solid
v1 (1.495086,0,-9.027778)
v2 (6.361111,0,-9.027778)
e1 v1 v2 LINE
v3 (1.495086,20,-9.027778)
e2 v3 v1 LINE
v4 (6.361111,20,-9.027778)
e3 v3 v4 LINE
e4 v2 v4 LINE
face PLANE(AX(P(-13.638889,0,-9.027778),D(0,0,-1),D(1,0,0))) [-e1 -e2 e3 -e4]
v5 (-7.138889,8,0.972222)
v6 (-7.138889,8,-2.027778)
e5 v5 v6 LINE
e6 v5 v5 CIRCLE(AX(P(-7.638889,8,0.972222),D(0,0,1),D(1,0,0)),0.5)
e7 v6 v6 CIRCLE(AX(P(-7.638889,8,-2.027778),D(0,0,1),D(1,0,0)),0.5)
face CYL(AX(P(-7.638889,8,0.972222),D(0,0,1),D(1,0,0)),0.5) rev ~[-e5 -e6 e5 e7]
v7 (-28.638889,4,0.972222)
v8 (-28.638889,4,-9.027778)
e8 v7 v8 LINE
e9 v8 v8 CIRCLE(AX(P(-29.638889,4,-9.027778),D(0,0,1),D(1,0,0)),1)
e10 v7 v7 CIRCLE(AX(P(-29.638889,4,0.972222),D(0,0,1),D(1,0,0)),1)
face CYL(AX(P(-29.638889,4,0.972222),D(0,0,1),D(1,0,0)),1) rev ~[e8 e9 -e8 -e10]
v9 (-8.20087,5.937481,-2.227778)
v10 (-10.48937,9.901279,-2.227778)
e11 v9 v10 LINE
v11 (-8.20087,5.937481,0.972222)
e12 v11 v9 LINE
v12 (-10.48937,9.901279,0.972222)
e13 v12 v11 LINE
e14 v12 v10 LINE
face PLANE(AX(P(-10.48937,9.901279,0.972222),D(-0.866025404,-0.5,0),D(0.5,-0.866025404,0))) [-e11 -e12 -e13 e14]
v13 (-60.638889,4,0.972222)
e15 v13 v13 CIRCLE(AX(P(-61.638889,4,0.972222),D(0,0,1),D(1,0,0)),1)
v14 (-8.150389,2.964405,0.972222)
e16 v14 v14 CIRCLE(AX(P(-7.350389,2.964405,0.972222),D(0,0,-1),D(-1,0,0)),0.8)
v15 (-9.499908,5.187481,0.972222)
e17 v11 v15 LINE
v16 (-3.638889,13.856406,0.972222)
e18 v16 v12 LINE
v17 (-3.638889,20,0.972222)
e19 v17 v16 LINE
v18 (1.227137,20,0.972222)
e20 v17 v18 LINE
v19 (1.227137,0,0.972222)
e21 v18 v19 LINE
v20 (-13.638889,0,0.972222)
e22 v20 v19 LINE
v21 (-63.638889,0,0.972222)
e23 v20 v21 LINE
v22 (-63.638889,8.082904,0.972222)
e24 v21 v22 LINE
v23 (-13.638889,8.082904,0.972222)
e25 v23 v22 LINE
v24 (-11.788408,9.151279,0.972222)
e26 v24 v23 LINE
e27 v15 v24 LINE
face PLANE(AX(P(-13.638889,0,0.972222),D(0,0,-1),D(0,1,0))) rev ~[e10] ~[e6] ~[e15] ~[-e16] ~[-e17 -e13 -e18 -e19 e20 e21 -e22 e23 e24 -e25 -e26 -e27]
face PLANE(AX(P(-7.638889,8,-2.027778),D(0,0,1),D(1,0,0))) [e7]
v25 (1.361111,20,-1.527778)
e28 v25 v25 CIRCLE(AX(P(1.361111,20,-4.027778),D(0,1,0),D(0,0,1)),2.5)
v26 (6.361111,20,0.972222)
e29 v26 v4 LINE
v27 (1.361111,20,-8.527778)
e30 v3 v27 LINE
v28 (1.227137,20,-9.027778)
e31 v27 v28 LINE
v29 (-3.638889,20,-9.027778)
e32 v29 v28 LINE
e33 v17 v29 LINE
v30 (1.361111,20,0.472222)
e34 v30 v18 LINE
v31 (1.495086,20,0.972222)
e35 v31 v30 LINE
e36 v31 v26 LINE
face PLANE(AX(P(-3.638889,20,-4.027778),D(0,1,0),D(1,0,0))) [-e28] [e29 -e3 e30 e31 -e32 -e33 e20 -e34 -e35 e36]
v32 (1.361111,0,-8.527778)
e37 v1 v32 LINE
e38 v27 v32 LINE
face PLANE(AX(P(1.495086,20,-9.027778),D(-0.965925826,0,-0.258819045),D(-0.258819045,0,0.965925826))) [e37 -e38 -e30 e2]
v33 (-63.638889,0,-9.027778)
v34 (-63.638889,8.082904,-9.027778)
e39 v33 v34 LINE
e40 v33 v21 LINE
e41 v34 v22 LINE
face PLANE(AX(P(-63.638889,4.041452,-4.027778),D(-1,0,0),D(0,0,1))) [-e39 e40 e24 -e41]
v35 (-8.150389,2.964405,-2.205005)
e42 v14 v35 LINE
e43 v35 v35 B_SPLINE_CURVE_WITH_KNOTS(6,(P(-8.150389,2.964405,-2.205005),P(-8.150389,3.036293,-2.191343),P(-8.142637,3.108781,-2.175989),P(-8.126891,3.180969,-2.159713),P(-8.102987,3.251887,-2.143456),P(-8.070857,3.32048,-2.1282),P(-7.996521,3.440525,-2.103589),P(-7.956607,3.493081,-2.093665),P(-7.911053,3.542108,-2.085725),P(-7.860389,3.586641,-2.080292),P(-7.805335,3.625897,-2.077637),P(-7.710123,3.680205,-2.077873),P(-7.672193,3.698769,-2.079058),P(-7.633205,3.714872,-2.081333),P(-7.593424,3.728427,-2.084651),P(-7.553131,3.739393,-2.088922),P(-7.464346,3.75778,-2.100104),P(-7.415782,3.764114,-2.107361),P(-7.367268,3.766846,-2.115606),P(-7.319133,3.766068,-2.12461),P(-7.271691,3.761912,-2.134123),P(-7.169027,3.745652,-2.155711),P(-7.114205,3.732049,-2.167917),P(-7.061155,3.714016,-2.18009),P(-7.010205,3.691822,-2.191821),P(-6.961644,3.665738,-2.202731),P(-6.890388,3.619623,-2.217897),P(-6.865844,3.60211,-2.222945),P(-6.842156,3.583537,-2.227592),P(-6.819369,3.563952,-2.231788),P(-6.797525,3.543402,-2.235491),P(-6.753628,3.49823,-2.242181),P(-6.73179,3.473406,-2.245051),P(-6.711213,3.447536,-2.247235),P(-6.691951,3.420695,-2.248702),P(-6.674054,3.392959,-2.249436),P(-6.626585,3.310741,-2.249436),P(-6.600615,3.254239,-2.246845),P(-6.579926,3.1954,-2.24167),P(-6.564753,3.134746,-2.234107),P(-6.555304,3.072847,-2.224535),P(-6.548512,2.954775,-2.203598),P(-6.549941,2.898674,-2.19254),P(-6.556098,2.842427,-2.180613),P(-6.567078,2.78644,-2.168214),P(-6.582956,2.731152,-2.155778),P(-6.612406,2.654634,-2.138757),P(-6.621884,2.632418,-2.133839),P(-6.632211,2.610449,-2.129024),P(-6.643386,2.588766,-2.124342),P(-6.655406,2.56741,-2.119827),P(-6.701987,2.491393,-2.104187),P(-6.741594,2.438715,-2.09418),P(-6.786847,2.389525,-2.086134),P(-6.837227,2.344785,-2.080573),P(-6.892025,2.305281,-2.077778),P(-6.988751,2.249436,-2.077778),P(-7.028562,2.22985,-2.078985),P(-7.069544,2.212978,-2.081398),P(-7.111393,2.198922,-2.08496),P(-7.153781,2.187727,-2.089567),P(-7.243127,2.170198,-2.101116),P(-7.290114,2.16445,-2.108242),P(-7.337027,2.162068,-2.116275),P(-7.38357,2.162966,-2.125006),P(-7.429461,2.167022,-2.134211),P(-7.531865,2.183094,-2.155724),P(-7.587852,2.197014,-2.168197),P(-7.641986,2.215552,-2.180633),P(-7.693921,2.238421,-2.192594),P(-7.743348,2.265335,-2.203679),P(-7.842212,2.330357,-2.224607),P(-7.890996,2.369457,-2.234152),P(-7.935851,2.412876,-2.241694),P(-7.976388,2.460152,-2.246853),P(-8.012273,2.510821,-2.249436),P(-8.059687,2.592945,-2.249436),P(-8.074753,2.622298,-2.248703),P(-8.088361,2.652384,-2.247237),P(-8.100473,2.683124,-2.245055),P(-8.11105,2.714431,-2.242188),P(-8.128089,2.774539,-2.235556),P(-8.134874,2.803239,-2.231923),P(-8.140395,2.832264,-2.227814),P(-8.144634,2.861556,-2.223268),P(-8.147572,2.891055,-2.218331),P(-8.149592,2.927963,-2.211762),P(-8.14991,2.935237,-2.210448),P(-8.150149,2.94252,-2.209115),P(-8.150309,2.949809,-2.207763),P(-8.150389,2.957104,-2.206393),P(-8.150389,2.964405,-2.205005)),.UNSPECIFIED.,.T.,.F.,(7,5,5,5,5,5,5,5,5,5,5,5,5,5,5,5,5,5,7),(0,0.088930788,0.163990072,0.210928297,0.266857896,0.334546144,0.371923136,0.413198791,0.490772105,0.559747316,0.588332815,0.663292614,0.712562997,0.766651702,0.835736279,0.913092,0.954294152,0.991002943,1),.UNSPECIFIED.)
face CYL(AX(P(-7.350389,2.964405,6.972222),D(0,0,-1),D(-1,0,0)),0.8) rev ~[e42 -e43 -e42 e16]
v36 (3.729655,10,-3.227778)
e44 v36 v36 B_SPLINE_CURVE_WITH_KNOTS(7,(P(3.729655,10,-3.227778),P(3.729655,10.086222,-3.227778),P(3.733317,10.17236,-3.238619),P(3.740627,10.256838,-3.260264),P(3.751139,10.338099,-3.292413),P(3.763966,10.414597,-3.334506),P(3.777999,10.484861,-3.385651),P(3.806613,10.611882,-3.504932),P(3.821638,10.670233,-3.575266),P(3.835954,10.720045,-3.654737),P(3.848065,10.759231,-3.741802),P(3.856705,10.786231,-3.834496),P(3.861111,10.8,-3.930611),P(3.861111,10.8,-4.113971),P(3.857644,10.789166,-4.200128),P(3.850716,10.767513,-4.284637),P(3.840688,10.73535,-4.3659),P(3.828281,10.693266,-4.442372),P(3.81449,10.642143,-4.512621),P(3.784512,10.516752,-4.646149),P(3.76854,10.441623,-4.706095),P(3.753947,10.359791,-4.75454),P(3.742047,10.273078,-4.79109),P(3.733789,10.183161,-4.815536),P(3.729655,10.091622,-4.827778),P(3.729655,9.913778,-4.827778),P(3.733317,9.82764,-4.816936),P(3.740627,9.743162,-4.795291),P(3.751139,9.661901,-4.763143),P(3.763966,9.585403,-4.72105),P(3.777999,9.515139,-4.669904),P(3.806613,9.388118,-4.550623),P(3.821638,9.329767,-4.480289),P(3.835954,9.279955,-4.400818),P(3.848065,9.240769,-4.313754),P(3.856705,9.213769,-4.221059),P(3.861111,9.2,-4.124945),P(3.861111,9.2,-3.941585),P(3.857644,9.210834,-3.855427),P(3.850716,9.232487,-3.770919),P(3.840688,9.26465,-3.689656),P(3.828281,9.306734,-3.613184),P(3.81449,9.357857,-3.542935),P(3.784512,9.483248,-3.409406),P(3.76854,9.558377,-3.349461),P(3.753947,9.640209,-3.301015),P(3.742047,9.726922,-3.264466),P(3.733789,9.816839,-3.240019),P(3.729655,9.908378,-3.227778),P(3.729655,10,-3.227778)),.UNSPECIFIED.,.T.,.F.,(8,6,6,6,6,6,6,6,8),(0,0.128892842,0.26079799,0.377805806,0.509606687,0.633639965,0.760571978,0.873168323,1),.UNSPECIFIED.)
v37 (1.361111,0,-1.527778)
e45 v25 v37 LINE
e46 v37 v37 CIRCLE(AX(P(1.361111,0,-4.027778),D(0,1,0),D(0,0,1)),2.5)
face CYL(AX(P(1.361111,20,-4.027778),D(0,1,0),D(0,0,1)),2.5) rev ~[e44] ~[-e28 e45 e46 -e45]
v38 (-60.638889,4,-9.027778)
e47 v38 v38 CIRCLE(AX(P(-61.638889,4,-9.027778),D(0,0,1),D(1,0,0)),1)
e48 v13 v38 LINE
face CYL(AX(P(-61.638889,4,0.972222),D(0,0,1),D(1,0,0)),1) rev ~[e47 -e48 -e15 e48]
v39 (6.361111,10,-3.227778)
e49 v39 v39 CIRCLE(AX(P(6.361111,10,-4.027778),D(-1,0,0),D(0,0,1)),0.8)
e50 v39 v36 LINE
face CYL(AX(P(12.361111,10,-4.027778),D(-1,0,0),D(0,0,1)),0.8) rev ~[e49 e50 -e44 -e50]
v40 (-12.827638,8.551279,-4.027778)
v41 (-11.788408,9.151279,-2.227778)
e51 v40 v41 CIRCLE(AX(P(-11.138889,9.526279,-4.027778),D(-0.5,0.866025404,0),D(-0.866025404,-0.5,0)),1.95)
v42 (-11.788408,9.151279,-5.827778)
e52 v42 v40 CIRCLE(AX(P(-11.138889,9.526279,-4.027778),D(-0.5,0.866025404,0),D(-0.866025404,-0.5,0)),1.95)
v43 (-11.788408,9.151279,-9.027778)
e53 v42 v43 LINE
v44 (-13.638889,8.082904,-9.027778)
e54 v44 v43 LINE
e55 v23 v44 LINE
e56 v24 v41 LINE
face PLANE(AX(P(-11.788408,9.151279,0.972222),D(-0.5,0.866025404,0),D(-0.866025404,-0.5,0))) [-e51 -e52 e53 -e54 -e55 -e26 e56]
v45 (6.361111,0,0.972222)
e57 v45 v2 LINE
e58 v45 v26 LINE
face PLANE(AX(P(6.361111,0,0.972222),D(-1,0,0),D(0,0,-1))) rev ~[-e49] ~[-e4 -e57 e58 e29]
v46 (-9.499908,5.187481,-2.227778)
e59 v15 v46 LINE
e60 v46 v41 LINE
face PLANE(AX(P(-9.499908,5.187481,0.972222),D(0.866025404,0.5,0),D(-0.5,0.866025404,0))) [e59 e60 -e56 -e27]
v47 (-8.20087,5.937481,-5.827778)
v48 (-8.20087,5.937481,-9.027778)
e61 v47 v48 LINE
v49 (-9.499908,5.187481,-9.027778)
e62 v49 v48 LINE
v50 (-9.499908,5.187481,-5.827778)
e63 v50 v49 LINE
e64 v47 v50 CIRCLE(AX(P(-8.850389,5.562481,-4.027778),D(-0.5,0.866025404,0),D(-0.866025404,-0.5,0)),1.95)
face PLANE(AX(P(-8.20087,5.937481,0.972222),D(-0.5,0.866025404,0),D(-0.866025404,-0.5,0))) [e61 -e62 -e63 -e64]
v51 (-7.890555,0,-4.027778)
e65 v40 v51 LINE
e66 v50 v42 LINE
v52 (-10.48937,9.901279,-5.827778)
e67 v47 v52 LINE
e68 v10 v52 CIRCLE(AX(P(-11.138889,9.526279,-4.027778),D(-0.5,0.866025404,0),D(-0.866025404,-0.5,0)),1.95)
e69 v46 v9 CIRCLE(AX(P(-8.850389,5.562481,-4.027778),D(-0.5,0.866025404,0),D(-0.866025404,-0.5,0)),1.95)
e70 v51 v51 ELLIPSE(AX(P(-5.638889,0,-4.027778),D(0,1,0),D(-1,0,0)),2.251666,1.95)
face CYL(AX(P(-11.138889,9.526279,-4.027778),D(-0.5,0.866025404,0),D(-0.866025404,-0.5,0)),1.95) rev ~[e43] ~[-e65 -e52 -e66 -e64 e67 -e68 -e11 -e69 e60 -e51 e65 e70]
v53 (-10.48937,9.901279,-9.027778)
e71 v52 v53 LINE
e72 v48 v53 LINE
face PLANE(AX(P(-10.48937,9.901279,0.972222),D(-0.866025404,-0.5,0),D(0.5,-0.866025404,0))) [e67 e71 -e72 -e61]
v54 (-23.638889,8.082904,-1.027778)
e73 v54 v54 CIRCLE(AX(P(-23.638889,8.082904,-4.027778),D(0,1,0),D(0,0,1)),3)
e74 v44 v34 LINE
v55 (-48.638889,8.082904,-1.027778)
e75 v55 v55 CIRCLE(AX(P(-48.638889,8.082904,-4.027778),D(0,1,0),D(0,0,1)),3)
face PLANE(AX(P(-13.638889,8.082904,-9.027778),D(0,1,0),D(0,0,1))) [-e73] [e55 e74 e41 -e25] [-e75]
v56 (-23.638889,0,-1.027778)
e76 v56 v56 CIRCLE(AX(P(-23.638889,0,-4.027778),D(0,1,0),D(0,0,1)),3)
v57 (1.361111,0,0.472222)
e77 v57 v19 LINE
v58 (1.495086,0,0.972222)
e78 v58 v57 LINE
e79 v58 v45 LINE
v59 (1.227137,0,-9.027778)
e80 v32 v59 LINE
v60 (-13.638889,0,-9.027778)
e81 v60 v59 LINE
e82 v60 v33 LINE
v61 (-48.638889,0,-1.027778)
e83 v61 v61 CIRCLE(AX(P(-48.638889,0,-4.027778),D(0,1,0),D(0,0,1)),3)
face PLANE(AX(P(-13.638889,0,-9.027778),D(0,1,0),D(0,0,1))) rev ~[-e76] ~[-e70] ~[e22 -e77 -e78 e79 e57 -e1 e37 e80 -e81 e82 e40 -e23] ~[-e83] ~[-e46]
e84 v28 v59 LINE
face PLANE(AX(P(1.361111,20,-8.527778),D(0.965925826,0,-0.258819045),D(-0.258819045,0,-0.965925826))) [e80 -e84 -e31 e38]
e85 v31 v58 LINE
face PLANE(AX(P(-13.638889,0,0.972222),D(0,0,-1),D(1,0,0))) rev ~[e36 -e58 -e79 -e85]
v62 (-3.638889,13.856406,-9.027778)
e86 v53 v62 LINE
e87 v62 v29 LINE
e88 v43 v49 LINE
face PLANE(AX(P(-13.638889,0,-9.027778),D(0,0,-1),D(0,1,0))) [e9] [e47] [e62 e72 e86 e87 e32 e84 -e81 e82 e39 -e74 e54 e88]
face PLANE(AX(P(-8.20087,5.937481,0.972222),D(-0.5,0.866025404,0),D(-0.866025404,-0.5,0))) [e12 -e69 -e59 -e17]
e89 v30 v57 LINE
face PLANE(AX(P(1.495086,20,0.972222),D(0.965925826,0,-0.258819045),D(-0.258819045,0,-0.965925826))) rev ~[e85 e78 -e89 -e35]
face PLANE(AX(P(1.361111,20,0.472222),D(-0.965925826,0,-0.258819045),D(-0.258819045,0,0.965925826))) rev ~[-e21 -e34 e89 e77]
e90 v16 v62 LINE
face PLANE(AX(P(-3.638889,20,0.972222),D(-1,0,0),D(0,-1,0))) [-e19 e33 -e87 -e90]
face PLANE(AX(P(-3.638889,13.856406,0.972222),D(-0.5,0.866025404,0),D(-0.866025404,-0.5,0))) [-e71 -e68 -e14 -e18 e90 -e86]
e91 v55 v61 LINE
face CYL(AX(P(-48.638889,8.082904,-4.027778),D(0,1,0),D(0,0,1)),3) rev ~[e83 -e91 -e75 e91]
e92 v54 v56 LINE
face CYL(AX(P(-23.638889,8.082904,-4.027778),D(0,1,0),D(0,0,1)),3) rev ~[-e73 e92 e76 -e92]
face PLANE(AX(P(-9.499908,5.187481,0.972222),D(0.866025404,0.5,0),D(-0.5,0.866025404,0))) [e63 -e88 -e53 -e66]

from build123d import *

# Parameters (mm, degrees)
SKETCH1_W                 = 20
SKETCH1_H                 = 10
BOSS_EXTRUDE1_DEPTH       = 20
SKETCH2_R                 = 2.5
CUT_EXTRUDE1_DEPTH        = 26.836409614
CUT_EXTRUDE2_DEPTH        = 27.191969955
SKETCH5_R                 = 1.95
CUT_EXTRUDE5_DEPTH        = 21.021203074
M2X0_4_TAPPED_HOLE1_D     = 1.6
M2X0_4_TAPPED_HOLE1_DEPTH = 6
M2X0_4_TAPPED_HOLE1_TIP   = 0.480688495
M2X0_4_TAPPED_HOLE2_D     = 1.6
M2X0_4_TAPPED_HOLE2_DEPTH = 6
M2X0_4_TAPPED_HOLE2_TIP   = 0.480688495
SKETCH14_W                = 10
SKETCH14_H                = 8.082903769
BOSS_EXTRUDE3_DEPTH       = 50
CUT_EXTRUDE7_REACH        = 67.371
SKETCH15_R                = 3
SKETCH16_R                = 1
CUT_EXTRUDE8_DEPTH        = 68.45300722
SKETCH18_R                = 0.5
CUT_EXTRUDE9_DEPTH        = 3


with BuildPart() as part:
    # Sketch1 → Boss-Extrude1 (new body)
    with BuildSketch(Plane(origin=(0, 0, 0), x_dir=(1, 0, 0), z_dir=(0, 1, 0))):
        with Locations((-3.638888889, 4.027777778)):
            Rectangle(SKETCH1_W, SKETCH1_H)
    extrude(amount=BOSS_EXTRUDE1_DEPTH)

    # Sketch2 → Cut-Extrude1 (cut, through all)
    with BuildSketch(Plane(origin=(0, 20, 0), x_dir=(1, 0, 0), z_dir=(0, 1, 0))):
        with Locations((1.361111111, 4.027777778)):
            Circle(SKETCH2_R)
        Polygon((1.495085707, -0.972222222), (1.361111111, -0.472222222), (1.227136515, -0.972222222), align=None)
        Polygon((1.361111111, 8.527777778), (1.227136515, 9.027777778), (1.495085707, 9.027777778), align=None)
    extrude(amount=-CUT_EXTRUDE1_DEPTH, mode=Mode.SUBTRACT)

    # Sketch3 → Cut-Extrude2 (cut, through all)
    with BuildSketch(Plane.XY.offset(0.972222222)):
        Polygon((-13.638888889, 20), (-3.638888889, 20), (-3.638888889, 13.856406461), (-10.489369836, 9.901279442), (-8.200869836, 5.937481169), (-9.499907942, 5.187481169), (-11.788407942, 9.151279442), (-13.638888889, 8.082903769), align=None)
    extrude(amount=-CUT_EXTRUDE2_DEPTH, mode=Mode.SUBTRACT)

    # Sketch5 → Cut-Extrude5 (cut, through all)
    with BuildSketch(Plane(origin=(-6.909722222, 11.967989955, 0), x_dir=(0.8660254037844415, 0.49999999999999534, 0), z_dir=(-0.49999999999999534, 0.8660254037844415, 0))):
        with Locations((-4.883421027, 4.027777778)):
            Circle(SKETCH5_R)
    extrude(amount=-CUT_EXTRUDE5_DEPTH, mode=Mode.SUBTRACT)

    # M2x0.4 Tapped Hole1
    with Locations(Plane(origin=(6.361111111, 0, 0), x_dir=(0, 0, -1), z_dir=(1, 0, 0))):
        with Locations((4.027777778, 10)):
            Hole(M2X0_4_TAPPED_HOLE1_D / 2, depth=M2X0_4_TAPPED_HOLE1_DEPTH)
            with Locations((0, 0, -(M2X0_4_TAPPED_HOLE1_DEPTH + M2X0_4_TAPPED_HOLE1_TIP / 2))):  # 118° drill point
                Cone(0, M2X0_4_TAPPED_HOLE1_D / 2, M2X0_4_TAPPED_HOLE1_TIP, mode=Mode.SUBTRACT)

    # M2x0.4 Tapped Hole2
    with Locations(Plane.XY.offset(0.972222222)):
        with Locations((-7.350388889, 2.964404957)):
            Hole(M2X0_4_TAPPED_HOLE2_D / 2, depth=M2X0_4_TAPPED_HOLE2_DEPTH)
            with Locations((0, 0, -(M2X0_4_TAPPED_HOLE2_DEPTH + M2X0_4_TAPPED_HOLE2_TIP / 2))):  # 118° drill point
                Cone(0, M2X0_4_TAPPED_HOLE2_D / 2, M2X0_4_TAPPED_HOLE2_TIP, mode=Mode.SUBTRACT)

    # Sketch14 → Boss-Extrude3 (add)
    with BuildSketch(Plane.ZY.offset(13.638888889)):
        with Locations((-4.027777778, 4.041451884)):
            Rectangle(SKETCH14_W, SKETCH14_H)
    extrude(amount=BOSS_EXTRUDE3_DEPTH)

    # Sketch15 → Cut-Extrude7 (cut, up to next)
    with BuildSketch(Plane(origin=(0, 8.082903769, 0), x_dir=(1, 0, 0), z_dir=(0, 1, 0)), mode=Mode.PRIVATE) as cut_extrude7_sk1:
        with Locations((-48.638888889, 4.027777778)):
            Circle(SKETCH15_R)
    cut_extrude7_tool1 = extrude(cut_extrude7_sk1.sketch, amount=-CUT_EXTRUDE7_REACH, mode=Mode.PRIVATE) & part.part
    # Sketch15 → Cut-Extrude7 (cut, up to next)
    with BuildSketch(Plane(origin=(0, 8.082903769, 0), x_dir=(1, 0, 0), z_dir=(0, 1, 0)), mode=Mode.PRIVATE) as cut_extrude7_sk2:
        with Locations((-23.638888889, 4.027777778)):
            Circle(SKETCH15_R)
    cut_extrude7_tool2 = extrude(cut_extrude7_sk2.sketch, amount=-CUT_EXTRUDE7_REACH, mode=Mode.PRIVATE) & part.part
    add(cut_extrude7_tool1.solids().sort_by_distance((-48.638889, 8.082904, -4.027778))[0], mode=Mode.SUBTRACT)
    add(cut_extrude7_tool2.solids().sort_by_distance((-23.638889, 8.082904, -4.027778))[0], mode=Mode.SUBTRACT)

    # Sketch16 → Cut-Extrude8 (cut, through all)
    with BuildSketch(Plane.XY.offset(0.972222222)):
        with Locations((-61.638888889, 4)):
            Circle(SKETCH16_R)
        with Locations((-29.638888889, 4)):
            Circle(SKETCH16_R)
    extrude(amount=-CUT_EXTRUDE8_DEPTH, mode=Mode.SUBTRACT)

    # Sketch18 → Cut-Extrude9 (cut)
    with BuildSketch(Plane.XY.offset(0.972222222)):
        with Locations((-7.638888889, 8)):
            Circle(SKETCH18_R)
    extrude(amount=-CUT_EXTRUDE9_DEPTH, mode=Mode.SUBTRACT)


solid = part.part
